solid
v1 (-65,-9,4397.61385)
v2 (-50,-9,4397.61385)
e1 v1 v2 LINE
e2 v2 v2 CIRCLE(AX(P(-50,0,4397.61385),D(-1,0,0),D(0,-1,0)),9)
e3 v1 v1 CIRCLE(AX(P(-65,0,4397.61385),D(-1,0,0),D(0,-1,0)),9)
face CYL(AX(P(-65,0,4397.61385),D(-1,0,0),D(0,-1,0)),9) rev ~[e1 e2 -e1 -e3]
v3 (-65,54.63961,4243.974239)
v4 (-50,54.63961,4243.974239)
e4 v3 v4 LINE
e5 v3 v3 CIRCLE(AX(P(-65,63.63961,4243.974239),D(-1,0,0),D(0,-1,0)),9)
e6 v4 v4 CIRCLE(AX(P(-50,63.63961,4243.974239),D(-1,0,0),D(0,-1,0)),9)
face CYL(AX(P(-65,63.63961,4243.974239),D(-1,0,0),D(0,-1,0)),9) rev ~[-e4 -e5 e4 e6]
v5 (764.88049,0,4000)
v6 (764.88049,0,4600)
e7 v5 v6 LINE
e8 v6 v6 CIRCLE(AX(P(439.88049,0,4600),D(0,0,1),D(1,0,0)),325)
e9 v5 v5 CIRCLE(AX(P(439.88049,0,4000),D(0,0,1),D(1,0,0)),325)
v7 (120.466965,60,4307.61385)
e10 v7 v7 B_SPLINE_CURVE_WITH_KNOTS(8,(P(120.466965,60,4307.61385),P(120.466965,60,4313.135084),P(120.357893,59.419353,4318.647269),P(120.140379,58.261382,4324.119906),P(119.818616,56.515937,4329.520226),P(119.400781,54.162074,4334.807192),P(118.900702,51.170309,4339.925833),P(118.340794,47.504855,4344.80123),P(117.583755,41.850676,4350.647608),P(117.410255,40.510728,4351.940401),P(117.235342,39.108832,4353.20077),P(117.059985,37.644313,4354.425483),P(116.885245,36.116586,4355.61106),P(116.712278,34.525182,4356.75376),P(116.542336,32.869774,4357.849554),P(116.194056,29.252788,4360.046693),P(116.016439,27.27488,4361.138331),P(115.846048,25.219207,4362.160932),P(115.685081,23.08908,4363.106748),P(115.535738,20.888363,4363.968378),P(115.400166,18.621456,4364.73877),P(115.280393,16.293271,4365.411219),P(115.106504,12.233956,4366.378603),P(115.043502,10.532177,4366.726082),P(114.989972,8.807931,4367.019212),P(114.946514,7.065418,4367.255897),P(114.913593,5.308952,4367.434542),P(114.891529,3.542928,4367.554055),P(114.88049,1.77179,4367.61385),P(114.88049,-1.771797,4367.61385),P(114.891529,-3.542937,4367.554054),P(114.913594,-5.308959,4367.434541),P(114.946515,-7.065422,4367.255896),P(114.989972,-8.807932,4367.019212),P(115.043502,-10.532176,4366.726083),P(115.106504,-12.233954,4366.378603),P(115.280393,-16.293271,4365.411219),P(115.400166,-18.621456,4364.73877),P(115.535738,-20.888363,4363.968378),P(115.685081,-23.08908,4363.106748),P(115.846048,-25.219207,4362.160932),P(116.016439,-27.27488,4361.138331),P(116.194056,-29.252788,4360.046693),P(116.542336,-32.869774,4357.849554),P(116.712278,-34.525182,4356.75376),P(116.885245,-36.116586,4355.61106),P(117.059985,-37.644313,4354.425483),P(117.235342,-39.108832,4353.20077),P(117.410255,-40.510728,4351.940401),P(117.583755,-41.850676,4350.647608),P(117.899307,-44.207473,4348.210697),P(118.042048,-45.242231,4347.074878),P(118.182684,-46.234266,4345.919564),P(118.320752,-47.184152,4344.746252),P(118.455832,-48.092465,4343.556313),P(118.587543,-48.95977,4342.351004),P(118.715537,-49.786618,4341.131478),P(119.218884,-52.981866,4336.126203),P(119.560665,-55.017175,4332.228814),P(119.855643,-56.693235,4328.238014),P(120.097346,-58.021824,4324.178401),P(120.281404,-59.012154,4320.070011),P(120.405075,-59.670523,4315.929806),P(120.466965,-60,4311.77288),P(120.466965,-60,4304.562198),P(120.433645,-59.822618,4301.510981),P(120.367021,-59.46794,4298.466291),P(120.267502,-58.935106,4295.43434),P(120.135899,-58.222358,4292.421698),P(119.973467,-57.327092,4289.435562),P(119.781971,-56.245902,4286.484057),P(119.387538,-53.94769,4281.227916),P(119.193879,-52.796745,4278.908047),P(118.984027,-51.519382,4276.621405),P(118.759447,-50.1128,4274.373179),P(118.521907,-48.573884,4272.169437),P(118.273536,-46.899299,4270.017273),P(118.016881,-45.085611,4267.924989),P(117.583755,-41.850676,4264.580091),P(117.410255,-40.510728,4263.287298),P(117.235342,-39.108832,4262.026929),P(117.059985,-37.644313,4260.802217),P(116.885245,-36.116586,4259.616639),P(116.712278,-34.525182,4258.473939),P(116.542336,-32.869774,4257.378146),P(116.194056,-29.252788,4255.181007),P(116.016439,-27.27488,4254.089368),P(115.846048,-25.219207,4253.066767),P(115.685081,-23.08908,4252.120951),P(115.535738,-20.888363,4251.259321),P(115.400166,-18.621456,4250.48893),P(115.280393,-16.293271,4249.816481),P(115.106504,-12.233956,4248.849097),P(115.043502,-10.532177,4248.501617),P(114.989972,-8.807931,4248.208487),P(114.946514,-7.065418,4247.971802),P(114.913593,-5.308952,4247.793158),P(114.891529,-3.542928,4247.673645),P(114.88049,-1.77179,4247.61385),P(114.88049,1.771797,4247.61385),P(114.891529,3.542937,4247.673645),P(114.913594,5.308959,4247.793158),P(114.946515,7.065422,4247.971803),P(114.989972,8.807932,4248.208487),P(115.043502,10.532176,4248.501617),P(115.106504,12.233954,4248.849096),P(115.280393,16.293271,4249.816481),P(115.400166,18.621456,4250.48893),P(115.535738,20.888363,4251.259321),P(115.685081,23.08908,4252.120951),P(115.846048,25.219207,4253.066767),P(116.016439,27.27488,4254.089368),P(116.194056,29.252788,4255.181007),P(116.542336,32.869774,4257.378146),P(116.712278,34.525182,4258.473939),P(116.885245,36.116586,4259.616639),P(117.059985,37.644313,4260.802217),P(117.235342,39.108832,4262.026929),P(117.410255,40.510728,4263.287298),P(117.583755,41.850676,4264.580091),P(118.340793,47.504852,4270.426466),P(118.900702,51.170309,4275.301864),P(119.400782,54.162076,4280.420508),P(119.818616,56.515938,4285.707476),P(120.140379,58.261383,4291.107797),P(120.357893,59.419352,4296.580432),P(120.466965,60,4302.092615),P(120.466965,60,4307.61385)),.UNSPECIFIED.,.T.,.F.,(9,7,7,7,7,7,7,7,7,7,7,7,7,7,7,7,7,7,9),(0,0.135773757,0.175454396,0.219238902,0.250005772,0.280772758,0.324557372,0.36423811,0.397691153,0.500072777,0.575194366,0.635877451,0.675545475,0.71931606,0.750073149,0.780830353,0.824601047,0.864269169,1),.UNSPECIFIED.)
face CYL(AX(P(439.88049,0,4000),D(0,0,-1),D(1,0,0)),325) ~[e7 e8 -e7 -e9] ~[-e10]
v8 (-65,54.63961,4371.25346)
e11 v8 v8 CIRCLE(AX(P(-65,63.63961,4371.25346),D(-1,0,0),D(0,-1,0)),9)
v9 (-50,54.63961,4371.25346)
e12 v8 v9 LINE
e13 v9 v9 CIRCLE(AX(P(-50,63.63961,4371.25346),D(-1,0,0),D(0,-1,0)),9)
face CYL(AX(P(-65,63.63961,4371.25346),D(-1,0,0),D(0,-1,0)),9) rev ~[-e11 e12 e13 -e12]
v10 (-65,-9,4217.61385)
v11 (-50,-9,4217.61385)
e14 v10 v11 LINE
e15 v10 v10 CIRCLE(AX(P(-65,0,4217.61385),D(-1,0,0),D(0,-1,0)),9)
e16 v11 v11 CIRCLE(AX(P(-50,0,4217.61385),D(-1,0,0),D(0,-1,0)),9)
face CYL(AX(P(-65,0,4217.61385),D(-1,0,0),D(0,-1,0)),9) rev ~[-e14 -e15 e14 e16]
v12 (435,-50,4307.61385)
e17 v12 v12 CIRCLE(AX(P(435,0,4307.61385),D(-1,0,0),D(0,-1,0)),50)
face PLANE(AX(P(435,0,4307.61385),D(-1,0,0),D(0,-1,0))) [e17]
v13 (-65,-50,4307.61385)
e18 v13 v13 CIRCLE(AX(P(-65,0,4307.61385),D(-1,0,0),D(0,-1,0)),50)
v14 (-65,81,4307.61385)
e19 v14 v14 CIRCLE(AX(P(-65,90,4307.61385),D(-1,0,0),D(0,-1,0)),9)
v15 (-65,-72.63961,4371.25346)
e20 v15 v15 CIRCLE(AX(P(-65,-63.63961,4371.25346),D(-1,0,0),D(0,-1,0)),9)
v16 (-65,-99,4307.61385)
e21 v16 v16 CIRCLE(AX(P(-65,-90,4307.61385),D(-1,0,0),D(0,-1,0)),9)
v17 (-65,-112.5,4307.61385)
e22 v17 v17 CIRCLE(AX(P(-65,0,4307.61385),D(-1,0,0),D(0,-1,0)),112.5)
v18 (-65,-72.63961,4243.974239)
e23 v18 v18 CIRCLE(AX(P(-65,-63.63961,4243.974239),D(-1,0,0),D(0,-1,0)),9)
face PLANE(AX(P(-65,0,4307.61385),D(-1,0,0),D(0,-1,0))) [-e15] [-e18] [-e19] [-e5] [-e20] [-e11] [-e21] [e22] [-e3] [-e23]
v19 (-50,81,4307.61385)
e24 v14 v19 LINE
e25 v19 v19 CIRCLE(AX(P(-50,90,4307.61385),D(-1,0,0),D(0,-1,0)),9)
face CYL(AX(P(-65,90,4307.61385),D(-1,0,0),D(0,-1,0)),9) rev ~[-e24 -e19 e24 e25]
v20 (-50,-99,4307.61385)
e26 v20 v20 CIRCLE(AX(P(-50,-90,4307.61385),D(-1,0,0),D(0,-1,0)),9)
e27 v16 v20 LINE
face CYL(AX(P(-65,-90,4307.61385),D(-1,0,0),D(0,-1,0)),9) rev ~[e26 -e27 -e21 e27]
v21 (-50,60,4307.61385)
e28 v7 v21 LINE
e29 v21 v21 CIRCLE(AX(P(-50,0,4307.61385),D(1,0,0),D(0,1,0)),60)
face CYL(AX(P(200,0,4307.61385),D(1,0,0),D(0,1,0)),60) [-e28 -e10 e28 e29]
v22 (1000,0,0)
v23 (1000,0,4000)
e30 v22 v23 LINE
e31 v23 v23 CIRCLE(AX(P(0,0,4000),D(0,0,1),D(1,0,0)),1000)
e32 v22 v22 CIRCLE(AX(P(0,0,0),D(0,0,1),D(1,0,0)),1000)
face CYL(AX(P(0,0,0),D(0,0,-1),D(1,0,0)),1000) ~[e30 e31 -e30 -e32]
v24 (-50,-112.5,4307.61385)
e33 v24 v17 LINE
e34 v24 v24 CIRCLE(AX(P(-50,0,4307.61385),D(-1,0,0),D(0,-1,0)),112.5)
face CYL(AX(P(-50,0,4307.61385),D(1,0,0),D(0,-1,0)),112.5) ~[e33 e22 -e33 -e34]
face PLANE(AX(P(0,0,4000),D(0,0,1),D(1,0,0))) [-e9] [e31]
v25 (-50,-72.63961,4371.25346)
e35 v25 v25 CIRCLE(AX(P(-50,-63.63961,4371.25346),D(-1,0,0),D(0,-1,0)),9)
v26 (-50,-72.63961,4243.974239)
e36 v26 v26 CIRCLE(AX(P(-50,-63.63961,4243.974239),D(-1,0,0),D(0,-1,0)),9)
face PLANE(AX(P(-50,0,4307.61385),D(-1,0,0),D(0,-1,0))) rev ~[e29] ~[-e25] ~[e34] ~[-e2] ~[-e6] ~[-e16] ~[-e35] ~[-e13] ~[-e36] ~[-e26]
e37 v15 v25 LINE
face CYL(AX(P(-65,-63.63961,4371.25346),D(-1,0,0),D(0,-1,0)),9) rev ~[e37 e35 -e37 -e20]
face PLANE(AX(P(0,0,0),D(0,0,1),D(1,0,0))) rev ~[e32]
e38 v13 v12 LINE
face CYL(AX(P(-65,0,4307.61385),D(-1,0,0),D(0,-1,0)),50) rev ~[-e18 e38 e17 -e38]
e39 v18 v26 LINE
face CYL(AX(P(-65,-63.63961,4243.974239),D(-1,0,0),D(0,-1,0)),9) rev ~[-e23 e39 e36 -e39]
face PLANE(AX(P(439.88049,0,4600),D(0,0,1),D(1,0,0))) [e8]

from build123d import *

# Parameters (mm, degrees)
F0_R      = 1000
F1_DEPTH  = 4000
F2_R      = 325
F3_DEPTH  = 600
F5_R      = 60
F6_DEPTH  = 250
F7_R      = 112.5
F7_R_2    = 60
F8_DEPTH  = 15
F9_R      = 50
F10_DEPTH = 500
F11_R     = 9
F12_DEPTH = 25


with BuildPart() as f1:
    # F0 (on Top) → F1 (new body)
    with BuildSketch(Plane.XY):
        Circle(F0_R)
    extrude(amount=F1_DEPTH)

    # F2 (on face) → F3 (join)
    with BuildSketch(Plane.XY.offset(4000)):
        with Locations((439.880490303, 0)):
            Circle(F2_R)
    extrude(amount=F3_DEPTH)

    # F5 (on offset) → F6 (join)
    with BuildSketch(Plane.YZ.offset(200)):
        with Locations((0, 4307.6138496399)):
            Circle(F5_R)
    extrude(amount=-F6_DEPTH)

    # F7 (on face) → F8 (join)
    with BuildSketch(Plane(origin=(-50, 0, 0), x_dir=(0, -1, 0), z_dir=(-1, 0, 0))):
        with Locations((0, 4307.6138496399)):
            Circle(F7_R)
        with Locations((0, 4307.6138496399)):
            Circle(F7_R_2, mode=Mode.SUBTRACT)
        with Locations((0, 4307.6138496399)):
            Circle(F7_R_2)
    extrude(amount=F8_DEPTH)

    # F9 (on face) → F10 (cut)
    with BuildSketch(Plane(origin=(-65, 0, 0), x_dir=(0, -1, 0), z_dir=(-1, 0, 0))):
        with Locations((0, 4307.6138496399)):
            Circle(F9_R)
    extrude(amount=-F10_DEPTH, mode=Mode.SUBTRACT)

    # F11 (on face) → F12 (cut)
    with BuildSketch(Plane(origin=(-65, 0, 0), x_dir=(0, -1, 0), z_dir=(-1, 0, 0))):
        with Locations((0, 4397.6138496399)):
            Circle(F11_R)
        with Locations((-63.6396103068, 4371.2534599467)):
            Circle(F11_R)
        with Locations((-90, 4307.6138496399)):
            Circle(F11_R)
        with Locations((-63.6396103068, 4243.9742393331)):
            Circle(F11_R)
        with Locations((0, 4217.6138496399)):
            Circle(F11_R)
        with Locations((63.6396103068, 4243.9742393331)):
            Circle(F11_R)
        with Locations((90, 4307.6138496399)):
            Circle(F11_R)
        with Locations((63.6396103068, 4371.2534599467)):
            Circle(F11_R)
    extrude(amount=-F12_DEPTH, mode=Mode.SUBTRACT)


solid = f1.part
